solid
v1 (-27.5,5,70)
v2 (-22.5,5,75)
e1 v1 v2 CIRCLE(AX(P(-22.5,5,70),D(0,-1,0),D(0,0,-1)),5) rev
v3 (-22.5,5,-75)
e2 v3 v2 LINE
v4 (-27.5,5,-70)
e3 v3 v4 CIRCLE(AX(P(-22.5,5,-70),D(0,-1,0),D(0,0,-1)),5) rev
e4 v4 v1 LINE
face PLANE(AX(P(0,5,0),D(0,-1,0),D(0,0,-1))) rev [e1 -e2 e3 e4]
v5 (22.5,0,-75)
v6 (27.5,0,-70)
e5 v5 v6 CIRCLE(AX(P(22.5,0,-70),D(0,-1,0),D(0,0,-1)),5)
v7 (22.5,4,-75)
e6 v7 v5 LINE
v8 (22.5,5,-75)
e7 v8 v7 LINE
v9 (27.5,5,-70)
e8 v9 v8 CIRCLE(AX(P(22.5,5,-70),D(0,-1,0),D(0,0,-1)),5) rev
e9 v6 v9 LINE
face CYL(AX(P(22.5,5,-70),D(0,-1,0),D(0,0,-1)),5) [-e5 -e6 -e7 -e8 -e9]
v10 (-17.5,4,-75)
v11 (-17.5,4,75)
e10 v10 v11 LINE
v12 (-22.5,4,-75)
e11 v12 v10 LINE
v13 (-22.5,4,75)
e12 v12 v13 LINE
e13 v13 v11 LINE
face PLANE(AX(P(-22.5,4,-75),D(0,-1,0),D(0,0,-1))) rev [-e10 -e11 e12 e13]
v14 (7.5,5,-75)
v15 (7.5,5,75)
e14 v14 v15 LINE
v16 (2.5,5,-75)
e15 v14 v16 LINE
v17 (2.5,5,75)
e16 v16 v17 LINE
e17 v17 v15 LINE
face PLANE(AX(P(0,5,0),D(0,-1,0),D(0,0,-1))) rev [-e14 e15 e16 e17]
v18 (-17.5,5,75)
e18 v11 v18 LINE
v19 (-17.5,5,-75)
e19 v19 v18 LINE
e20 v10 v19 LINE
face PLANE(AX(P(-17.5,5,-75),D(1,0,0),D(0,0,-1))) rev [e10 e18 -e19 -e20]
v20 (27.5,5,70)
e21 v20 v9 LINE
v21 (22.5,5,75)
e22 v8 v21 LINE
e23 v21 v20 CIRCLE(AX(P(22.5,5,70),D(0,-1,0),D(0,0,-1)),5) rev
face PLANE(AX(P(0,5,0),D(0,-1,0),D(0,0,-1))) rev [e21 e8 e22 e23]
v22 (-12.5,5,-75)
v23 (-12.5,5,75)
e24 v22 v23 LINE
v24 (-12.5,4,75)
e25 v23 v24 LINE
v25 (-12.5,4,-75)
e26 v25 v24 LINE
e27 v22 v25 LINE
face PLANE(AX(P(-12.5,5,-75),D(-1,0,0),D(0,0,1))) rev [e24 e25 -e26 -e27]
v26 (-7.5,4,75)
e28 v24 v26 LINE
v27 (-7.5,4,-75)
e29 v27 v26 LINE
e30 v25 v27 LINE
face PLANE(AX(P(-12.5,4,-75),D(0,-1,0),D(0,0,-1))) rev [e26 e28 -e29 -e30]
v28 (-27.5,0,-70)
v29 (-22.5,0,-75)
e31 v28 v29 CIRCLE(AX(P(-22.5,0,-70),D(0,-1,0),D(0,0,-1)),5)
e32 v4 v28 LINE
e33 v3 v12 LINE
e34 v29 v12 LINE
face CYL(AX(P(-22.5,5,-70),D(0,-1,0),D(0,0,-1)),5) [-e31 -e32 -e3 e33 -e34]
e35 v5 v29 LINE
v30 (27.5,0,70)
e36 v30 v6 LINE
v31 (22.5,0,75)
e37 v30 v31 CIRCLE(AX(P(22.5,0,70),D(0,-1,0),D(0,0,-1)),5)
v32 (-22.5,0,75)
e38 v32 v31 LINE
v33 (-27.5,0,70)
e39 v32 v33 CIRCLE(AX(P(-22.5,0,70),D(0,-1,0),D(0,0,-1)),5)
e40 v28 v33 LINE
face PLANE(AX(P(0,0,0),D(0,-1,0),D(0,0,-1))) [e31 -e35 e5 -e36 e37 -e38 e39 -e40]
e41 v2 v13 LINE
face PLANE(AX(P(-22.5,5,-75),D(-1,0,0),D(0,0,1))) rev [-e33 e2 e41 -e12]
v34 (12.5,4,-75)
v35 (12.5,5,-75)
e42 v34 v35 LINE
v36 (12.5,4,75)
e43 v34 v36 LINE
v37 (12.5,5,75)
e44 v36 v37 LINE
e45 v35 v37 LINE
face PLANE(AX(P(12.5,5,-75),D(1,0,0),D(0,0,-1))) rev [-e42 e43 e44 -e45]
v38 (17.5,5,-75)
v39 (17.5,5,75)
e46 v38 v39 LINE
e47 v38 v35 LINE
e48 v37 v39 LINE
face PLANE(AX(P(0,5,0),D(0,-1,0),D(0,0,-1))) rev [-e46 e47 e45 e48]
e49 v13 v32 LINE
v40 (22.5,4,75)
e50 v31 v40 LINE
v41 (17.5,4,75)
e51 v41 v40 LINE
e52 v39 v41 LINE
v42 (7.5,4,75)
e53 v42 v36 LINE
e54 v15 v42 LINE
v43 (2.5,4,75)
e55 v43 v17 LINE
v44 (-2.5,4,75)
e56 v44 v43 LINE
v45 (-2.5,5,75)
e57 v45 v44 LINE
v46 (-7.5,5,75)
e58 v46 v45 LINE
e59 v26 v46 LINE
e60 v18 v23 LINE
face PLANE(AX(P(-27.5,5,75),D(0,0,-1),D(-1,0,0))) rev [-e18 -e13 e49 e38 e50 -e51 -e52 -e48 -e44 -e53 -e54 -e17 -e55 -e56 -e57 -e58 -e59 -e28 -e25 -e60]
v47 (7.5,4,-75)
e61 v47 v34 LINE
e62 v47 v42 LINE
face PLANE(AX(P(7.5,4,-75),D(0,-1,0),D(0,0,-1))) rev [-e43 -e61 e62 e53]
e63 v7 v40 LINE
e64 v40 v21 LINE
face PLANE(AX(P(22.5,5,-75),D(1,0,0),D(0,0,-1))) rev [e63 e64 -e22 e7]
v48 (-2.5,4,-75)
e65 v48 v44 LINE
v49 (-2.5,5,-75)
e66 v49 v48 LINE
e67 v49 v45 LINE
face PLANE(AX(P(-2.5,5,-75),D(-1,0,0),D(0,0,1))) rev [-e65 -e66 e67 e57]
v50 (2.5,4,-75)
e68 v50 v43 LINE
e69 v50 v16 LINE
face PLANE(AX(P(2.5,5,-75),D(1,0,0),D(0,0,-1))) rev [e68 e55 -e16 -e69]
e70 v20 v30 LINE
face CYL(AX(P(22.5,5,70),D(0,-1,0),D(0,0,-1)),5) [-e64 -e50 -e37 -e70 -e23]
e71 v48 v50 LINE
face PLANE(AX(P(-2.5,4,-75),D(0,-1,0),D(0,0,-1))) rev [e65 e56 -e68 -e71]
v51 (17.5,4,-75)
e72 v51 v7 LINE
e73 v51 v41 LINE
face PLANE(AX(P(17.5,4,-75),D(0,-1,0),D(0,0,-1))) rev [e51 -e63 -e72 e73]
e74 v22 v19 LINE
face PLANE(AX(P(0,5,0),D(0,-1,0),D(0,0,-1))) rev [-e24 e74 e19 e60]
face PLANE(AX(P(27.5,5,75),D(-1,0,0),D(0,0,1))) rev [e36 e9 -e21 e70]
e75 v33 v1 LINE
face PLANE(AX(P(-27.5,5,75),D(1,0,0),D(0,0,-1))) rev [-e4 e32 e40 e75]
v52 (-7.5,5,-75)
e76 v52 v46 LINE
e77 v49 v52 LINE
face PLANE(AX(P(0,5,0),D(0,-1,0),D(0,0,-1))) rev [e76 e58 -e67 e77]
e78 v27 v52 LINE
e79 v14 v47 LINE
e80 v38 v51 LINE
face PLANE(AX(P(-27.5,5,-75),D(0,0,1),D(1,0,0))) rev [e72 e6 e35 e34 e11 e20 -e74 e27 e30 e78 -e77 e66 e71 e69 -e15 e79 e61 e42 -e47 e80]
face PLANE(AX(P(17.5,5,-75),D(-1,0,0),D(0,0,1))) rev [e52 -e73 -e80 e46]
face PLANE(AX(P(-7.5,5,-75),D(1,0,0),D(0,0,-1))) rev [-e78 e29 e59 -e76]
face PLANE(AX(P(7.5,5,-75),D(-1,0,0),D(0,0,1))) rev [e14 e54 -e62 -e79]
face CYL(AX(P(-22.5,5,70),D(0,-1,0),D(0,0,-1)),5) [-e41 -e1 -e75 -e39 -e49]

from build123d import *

# Parameters (mm, degrees)
SKETCH2_W           = 55
SKETCH2_H           = 150
BOSS_EXTRUDE1_DEPTH = 5
FILLET1_R           = 5
SKETCH4_W           = 5
SKETCH4_H           = 1
CUT_EXTRUDE1_DEPTH  = 153.581945197
LPATTERN1_COUNT     = 5
LPATTERN1_PITCH     = 10


with BuildPart() as part:
    # Sketch2 → Boss-Extrude1 (new body)
    with BuildSketch(Plane(origin=(0, 0, 0), x_dir=(1, 0, 0), z_dir=(0, 1, 0))):
        Rectangle(SKETCH2_W, SKETCH2_H)
    extrude(amount=BOSS_EXTRUDE1_DEPTH)

    # Fillet1
    fillet1_edges = [part.edges().sort_by_distance(p)[0] for p in [
        (27.5, 2.5, 75),
        (-27.5, 2.5, 75),
        (-27.5, 2.5, -75),
        (27.5, 2.5, -75),
    ]]
    fillet(fillet1_edges, radius=FILLET1_R)

    # Sketch4 → Cut-Extrude1 (cut, through all)
    with BuildSketch(Plane.XY.offset(75)):
        with Locations((-20, 4.5)):
            Rectangle(SKETCH4_W, SKETCH4_H)
    cut_extrude1 = extrude(amount=-CUT_EXTRUDE1_DEPTH, mode=Mode.SUBTRACT)

    # LPattern1: Cut-Extrude1 ×5
    with Locations(*[(i * LPATTERN1_PITCH, 0, 0) for i in range(1, LPATTERN1_COUNT)]):
        add(cut_extrude1, mode=Mode.SUBTRACT)


solid = part.part
